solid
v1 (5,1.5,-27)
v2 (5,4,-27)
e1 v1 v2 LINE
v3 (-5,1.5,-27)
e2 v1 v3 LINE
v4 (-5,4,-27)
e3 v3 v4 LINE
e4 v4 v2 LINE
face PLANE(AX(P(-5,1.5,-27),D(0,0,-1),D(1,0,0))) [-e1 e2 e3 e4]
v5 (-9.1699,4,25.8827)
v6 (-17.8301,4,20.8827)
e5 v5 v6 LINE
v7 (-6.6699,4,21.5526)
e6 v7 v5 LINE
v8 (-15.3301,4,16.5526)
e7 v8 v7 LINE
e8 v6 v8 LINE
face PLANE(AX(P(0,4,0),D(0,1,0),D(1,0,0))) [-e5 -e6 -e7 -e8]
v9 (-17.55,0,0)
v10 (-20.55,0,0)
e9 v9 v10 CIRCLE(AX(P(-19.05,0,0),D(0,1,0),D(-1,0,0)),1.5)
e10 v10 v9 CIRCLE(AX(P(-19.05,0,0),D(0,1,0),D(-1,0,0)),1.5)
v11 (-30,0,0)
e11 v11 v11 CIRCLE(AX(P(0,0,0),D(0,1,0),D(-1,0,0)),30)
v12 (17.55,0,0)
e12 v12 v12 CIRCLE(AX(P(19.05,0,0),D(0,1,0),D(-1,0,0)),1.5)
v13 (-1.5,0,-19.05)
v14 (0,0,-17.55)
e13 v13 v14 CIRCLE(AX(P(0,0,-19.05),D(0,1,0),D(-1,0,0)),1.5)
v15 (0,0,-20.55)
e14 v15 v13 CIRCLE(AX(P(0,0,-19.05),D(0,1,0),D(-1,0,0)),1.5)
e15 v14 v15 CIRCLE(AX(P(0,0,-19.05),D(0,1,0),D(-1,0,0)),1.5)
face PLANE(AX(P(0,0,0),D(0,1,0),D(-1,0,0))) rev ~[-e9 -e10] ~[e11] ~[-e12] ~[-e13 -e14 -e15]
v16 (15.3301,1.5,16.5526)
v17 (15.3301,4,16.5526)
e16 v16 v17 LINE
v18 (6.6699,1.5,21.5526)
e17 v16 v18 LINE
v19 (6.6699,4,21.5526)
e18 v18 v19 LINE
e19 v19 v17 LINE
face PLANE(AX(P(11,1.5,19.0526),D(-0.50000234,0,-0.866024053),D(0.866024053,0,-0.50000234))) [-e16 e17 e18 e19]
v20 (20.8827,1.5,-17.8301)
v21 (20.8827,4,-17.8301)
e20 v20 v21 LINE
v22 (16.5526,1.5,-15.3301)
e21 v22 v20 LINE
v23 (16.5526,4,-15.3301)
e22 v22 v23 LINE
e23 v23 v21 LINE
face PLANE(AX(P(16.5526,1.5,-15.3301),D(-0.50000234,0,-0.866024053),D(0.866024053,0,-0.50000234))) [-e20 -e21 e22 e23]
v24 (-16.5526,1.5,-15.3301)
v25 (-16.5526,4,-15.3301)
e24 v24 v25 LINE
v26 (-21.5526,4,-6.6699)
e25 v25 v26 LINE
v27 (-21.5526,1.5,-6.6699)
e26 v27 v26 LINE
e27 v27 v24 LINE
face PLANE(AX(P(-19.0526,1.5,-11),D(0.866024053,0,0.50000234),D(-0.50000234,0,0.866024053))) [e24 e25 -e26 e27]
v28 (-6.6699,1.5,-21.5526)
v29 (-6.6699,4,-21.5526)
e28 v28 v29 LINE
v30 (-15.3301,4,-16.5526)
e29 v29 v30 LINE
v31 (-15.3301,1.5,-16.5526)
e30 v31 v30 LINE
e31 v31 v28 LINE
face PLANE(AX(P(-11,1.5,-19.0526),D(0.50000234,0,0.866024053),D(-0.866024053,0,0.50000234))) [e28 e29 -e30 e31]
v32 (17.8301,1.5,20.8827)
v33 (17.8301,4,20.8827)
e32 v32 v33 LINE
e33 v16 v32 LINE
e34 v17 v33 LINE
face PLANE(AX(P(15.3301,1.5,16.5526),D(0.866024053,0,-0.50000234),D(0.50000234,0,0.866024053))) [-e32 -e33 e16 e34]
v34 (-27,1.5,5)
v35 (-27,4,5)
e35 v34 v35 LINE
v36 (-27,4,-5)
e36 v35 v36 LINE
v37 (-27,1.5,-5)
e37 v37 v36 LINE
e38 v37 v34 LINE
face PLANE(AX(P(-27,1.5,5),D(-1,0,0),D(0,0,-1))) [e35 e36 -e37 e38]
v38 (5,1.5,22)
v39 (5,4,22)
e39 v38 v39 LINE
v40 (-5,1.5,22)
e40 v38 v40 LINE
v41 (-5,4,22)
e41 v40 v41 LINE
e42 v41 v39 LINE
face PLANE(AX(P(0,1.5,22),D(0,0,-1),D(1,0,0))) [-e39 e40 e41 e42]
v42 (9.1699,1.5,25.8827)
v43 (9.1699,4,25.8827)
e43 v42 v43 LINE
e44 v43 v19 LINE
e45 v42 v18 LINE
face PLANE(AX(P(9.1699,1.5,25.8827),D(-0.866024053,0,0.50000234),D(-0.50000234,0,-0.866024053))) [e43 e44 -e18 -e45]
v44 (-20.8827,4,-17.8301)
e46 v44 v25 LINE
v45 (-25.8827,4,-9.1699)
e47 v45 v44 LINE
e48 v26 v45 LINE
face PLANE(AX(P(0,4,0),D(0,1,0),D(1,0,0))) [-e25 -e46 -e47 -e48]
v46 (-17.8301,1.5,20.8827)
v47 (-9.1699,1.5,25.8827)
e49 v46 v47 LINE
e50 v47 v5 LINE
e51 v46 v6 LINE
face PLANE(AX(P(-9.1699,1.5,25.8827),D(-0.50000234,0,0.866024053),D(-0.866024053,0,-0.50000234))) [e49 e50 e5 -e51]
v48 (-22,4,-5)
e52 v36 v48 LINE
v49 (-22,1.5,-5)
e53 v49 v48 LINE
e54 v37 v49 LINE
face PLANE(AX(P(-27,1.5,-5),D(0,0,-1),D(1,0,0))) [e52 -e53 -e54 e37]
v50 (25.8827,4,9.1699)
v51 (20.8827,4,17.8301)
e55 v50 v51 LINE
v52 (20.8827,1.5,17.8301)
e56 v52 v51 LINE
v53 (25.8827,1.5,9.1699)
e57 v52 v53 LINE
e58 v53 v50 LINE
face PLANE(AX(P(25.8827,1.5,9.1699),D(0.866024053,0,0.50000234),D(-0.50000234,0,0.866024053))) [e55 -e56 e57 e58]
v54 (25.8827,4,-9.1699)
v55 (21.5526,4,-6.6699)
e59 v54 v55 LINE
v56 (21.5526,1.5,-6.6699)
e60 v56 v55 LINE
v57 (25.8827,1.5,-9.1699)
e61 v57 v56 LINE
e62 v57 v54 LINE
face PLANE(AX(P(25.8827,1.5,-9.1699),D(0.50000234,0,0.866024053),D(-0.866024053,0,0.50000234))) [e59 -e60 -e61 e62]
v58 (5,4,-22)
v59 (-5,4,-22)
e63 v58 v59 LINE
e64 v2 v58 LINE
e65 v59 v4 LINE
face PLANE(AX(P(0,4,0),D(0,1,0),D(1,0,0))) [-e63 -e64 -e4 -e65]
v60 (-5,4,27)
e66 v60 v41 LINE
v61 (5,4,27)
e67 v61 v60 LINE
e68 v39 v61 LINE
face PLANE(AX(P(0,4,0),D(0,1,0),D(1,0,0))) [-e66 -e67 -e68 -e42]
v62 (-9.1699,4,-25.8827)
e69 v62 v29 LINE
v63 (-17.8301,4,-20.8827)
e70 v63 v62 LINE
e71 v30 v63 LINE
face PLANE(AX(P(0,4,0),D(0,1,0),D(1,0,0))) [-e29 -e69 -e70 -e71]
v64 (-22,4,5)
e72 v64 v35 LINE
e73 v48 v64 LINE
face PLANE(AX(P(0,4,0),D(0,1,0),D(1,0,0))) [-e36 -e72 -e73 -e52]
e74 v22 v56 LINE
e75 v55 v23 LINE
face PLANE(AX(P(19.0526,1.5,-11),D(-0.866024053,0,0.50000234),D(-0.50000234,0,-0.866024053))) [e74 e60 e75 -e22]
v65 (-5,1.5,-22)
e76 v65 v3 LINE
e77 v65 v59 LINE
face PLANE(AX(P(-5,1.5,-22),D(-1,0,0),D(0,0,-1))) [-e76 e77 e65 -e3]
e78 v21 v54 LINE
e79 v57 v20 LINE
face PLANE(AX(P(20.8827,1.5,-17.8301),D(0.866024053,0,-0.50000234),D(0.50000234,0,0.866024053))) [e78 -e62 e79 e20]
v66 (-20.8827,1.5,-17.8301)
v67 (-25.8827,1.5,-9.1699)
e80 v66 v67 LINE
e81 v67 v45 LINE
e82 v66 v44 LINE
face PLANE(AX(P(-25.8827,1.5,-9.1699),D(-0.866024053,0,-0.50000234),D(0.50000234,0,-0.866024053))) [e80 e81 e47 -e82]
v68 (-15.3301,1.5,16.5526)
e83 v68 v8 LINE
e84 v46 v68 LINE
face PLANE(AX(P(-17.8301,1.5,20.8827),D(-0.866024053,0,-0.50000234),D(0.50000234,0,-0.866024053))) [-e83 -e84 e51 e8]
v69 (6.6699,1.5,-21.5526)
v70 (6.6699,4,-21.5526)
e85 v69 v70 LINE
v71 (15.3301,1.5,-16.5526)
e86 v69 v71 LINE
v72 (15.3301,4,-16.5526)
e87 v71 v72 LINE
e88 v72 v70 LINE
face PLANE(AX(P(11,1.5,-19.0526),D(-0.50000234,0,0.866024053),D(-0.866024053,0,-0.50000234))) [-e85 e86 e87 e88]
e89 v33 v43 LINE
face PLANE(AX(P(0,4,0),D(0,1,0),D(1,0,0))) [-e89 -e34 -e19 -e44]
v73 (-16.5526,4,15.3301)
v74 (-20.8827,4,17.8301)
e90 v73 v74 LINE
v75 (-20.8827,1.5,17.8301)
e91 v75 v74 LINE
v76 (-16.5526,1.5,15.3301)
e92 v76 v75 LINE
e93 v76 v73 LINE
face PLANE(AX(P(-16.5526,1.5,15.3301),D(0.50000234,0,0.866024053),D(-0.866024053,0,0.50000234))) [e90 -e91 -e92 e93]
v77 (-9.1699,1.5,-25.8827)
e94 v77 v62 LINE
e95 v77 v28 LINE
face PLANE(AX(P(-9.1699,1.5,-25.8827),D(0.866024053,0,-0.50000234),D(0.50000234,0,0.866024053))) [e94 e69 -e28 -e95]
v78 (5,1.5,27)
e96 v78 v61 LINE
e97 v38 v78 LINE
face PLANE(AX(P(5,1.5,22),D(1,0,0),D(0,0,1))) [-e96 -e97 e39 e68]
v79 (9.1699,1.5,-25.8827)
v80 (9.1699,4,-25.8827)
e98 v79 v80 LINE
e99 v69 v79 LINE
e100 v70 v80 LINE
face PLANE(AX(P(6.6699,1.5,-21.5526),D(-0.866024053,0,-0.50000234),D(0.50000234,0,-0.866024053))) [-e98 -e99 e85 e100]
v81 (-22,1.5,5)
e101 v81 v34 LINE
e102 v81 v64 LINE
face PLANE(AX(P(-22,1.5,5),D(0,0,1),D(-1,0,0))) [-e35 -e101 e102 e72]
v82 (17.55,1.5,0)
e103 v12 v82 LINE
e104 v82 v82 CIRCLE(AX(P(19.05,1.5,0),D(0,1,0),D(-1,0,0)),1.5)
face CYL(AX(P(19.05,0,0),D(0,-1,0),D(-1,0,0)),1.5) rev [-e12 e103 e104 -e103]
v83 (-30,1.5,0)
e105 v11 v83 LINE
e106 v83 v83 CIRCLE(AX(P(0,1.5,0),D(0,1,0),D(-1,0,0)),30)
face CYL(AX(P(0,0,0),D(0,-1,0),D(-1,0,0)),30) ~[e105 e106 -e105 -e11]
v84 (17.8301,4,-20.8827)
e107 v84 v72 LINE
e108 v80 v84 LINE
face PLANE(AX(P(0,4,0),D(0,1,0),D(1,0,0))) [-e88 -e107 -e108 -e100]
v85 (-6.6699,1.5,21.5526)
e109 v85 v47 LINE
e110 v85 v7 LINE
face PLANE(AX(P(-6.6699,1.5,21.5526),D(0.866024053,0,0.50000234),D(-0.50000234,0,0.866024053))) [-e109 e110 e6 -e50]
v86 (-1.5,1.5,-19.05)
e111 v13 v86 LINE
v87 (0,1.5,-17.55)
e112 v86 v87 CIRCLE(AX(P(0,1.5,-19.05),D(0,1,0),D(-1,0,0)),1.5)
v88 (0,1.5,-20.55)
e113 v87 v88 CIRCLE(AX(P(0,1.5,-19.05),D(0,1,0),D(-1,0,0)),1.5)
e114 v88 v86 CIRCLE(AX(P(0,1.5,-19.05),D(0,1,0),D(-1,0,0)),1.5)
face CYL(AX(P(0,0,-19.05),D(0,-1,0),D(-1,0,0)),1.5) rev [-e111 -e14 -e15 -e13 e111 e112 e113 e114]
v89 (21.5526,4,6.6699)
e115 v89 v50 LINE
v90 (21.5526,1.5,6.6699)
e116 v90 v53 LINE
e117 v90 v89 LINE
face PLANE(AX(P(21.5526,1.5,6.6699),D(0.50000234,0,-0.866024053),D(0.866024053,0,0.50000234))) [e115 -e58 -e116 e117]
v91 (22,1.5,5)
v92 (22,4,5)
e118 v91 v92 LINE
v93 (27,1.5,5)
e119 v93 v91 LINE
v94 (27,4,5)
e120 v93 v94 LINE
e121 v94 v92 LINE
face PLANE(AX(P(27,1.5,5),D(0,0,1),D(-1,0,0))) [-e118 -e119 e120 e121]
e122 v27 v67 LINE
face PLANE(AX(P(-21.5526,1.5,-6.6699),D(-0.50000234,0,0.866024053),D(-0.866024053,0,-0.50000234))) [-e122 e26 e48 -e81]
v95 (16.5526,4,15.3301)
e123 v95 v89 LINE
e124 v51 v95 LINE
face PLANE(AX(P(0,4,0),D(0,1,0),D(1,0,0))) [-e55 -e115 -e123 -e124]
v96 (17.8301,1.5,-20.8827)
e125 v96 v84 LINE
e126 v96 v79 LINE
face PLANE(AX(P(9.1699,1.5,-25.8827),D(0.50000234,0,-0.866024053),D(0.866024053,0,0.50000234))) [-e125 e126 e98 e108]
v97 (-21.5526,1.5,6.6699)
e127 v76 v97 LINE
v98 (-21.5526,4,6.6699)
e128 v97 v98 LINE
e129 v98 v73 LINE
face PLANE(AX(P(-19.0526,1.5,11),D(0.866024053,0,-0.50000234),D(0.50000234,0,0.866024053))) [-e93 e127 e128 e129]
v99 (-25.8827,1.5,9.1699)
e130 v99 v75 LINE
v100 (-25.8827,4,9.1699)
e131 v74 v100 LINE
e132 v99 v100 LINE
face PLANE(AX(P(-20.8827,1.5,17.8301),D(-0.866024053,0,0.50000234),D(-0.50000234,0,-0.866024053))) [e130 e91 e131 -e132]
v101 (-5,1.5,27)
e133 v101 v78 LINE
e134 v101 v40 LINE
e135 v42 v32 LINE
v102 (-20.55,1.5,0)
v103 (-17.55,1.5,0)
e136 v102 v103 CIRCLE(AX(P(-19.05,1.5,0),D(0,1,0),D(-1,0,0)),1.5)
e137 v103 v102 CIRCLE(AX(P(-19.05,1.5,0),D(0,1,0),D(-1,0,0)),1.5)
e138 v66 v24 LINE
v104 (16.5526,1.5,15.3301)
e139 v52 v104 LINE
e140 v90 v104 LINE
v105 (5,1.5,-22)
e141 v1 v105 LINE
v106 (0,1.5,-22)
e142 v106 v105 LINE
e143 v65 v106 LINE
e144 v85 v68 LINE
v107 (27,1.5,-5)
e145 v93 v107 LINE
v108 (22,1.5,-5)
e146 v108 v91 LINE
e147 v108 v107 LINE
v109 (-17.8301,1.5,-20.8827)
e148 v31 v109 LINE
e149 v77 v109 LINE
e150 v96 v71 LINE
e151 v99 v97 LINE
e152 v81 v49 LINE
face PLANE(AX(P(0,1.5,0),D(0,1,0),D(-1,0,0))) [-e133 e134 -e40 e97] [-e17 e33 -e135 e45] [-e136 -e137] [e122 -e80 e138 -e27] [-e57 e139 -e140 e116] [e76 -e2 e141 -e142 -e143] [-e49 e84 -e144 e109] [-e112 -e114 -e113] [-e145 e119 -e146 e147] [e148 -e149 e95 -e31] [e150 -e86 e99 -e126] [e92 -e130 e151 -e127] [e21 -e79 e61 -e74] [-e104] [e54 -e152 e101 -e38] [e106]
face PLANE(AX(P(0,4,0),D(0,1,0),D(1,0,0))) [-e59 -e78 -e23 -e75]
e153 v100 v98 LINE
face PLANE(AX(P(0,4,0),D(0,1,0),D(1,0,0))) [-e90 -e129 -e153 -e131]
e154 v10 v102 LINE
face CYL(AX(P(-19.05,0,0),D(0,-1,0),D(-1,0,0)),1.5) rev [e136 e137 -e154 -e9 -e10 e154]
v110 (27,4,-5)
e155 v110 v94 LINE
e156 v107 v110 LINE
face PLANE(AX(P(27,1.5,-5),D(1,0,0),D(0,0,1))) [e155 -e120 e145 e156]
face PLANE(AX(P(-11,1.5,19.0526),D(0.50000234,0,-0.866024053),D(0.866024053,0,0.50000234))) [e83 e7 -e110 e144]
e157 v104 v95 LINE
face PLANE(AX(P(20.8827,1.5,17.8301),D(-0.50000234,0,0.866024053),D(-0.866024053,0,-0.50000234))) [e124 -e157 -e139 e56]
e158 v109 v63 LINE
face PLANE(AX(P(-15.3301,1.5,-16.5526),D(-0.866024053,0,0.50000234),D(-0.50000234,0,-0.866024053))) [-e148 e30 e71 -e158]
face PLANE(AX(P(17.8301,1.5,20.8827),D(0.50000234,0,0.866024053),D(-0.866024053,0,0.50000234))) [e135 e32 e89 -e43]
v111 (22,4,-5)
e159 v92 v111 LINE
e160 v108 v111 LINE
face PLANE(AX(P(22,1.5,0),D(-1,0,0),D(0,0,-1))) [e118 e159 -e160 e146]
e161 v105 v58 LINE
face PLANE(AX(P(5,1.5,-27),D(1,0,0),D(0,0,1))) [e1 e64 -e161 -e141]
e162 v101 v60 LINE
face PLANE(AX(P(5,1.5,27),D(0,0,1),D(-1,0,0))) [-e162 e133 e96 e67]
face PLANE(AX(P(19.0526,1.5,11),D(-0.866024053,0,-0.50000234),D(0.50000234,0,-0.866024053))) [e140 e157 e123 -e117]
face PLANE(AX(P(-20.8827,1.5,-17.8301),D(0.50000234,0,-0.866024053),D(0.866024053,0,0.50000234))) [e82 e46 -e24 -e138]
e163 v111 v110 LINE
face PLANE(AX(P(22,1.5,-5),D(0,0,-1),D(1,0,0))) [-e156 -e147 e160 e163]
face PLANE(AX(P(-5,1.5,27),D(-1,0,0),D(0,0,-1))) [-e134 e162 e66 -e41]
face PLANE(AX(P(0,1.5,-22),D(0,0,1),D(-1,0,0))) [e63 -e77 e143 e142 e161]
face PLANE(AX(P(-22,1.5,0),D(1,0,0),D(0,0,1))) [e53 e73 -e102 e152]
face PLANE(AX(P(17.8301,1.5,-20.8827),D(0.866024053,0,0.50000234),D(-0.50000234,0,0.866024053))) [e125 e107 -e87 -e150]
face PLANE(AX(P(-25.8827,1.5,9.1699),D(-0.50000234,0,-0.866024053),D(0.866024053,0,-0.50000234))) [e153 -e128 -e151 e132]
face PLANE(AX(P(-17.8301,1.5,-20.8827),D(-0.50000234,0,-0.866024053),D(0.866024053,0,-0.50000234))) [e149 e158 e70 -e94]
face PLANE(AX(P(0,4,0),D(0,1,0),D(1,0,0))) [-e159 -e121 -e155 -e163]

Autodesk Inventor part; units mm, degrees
ref_plane "YZ Plane" through (0, 0, 0) normal (1, 0, 0) x (0, 1, 0)
ref_plane "XZ Plane" through (0, 0, 0) normal (0, 1, 0) x (-1, 0, 0)
ref_plane "XY Plane" through (0, 0, 0) normal (0, 0, 1) x (1, 0, 0)
sketch "Sketch1" plane through (0, 0, 0) normal (0, 1, 0) x (-1, 0, 0)
  line L0 (0, 0) -> (19.05, 0)
  line L1 (0, 0) -> (-19.05, 0)
  line L2 (0, 0) -> (0, -19.05)
  circle A0 centre (-19.05, 0) radius 1.5
  circle A1 centre (19.05, 0) radius 1.5
  circle A2 centre (0, -19.05) radius 1.5
  line L3 (0, -20.55) -> (0, -22.55)
  line L4 (0, -22.55) -> (5, -22.55)
  line L5 (5, -22.55) -> (5, -27.55)
  line L6 (5, -27.55) -> (-5, -27.55)
  line L7 (-5, -27.55) -> (-5, -22.55)
  line L8 (-5, -22.55) -> (0, -22.55)
  circle A3 centre (0, 0) radius 30
  dimension "d6" = 3
  dimension "d0" = 19.05
  dimension "d1" = 19.05
  dimension "d2" = 19.05
  dimension "d4" = 3
  dimension "d5" = 3
  dimension "d7" = 2
  dimension "d8" = 5
  dimension "d9" = 5
  dimension "d10" = 10
  dimension "d11" = 60
extrude "Extrusion1" add sketch "Sketch1" along normal blind 1.5 contours L4 L5 L6 L7 L8 | A3
sketch "Sketch2" plane through (0, 1.5, 0) normal (0, 1, 0) x (1, 0, 0)
  line L0 (0, 0) -> (0, 22)
  line L1 (0, 22) -> (-5, 22)
  line L2 (-5, 22) -> (-5, 27)
  line L3 (-5, 27) -> (0, 27)
  line L4 (0, 27) -> (5, 27)
  line L5 (5, 27) -> (5, 22)
  line L6 (5, 22) -> (0, 22)
  line L7 (-11, 19.0526) -> (-15.3301, 16.5526)
  line L8 (-15.3301, 16.5526) -> (-17.8301, 20.8827)
  line L9 (-17.8301, 20.8827) -> (-13.5, 23.3827)
  line L10 (-13.5, 23.3827) -> (-9.1699, 25.8827)
  line L11 (-9.1699, 25.8827) -> (-6.6699, 21.5526)
  line L12 (-6.6699, 21.5526) -> (-11, 19.0526)
  line L13 (-19.0526, 11) -> (-21.5526, 6.6699)
  line L14 (-21.5526, 6.6699) -> (-25.8827, 9.1699)
  line L15 (-25.8827, 9.1699) -> (-23.3827, 13.5)
  line L16 (-23.3827, 13.5) -> (-20.8827, 17.8301)
  line L17 (-20.8827, 17.8301) -> (-16.5526, 15.3301)
  line L18 (-16.5526, 15.3301) -> (-19.0526, 11)
  line L19 (-22, 0) -> (-22, -5)
  line L20 (-22, -5) -> (-27, -5)
  line L21 (-27, -5) -> (-27, 0)
  line L22 (-27, 0) -> (-27, 5)
  line L23 (-27, 5) -> (-22, 5)
  line L24 (-22, 5) -> (-22, 0)
  line L25 (-19.0526, -11) -> (-16.5526, -15.3301)
  line L26 (-16.5526, -15.3301) -> (-20.8827, -17.8301)
  line L27 (-20.8827, -17.8301) -> (-23.3827, -13.5)
  line L28 (-23.3827, -13.5) -> (-25.8827, -9.1699)
  line L29 (-25.8827, -9.1699) -> (-21.5526, -6.6699)
  line L30 (-21.5526, -6.6699) -> (-19.0526, -11)
  line L31 (-11, -19.0526) -> (-6.6699, -21.5526)
  line L32 (-6.6699, -21.5526) -> (-9.1699, -25.8827)
  line L33 (-9.1699, -25.8827) -> (-13.5, -23.3827)
  line L34 (-13.5, -23.3827) -> (-17.8301, -20.8827)
  line L35 (-17.8301, -20.8827) -> (-15.3301, -16.5526)
  line L36 (-15.3301, -16.5526) -> (-11, -19.0526)
  line L37 (0, -22) -> (5, -22)
  line L38 (5, -22) -> (5, -27)
  line L39 (5, -27) -> (0, -27)
  line L40 (0, -27) -> (-5, -27)
  line L41 (-5, -27) -> (-5, -22)
  line L42 (-5, -22) -> (0, -22)
  line L43 (11, -19.0526) -> (15.3301, -16.5526)
  line L44 (15.3301, -16.5526) -> (17.8301, -20.8827)
  line L45 (17.8301, -20.8827) -> (13.5, -23.3827)
  line L46 (13.5, -23.3827) -> (9.1699, -25.8827)
  line L47 (9.1699, -25.8827) -> (6.6699, -21.5526)
  line L48 (6.6699, -21.5526) -> (11, -19.0526)
  line L49 (19.0526, -11) -> (21.5526, -6.6699)
  line L50 (21.5526, -6.6699) -> (25.8827, -9.1699)
  line L51 (25.8827, -9.1699) -> (23.3827, -13.5)
  line L52 (23.3827, -13.5) -> (20.8827, -17.8301)
  line L53 (20.8827, -17.8301) -> (16.5526, -15.3301)
  line L54 (16.5526, -15.3301) -> (19.0526, -11)
  line L55 (22, 0) -> (22, 5)
  line L56 (22, 5) -> (27, 5)
  line L57 (27, 5) -> (27, 0)
  line L58 (27, 0) -> (27, -5)
  line L59 (27, -5) -> (22, -5)
  line L60 (22, -5) -> (22, 0)
  line L61 (19.0526, 11) -> (16.5526, 15.3301)
  line L62 (16.5526, 15.3301) -> (20.8827, 17.8301)
  line L63 (20.8827, 17.8301) -> (23.3827, 13.5)
  line L64 (23.3827, 13.5) -> (25.8827, 9.1699)
  line L65 (25.8827, 9.1699) -> (21.5526, 6.6699)
  line L66 (21.5526, 6.6699) -> (19.0526, 11)
  line L67 (11, 19.0526) -> (6.6699, 21.5526)
  line L68 (6.6699, 21.5526) -> (9.1699, 25.8827)
  line L69 (9.1699, 25.8827) -> (13.5, 23.3827)
  line L70 (13.5, 23.3827) -> (17.8301, 20.8827)
  line L71 (17.8301, 20.8827) -> (15.3301, 16.5526)
  line L72 (15.3301, 16.5526) -> (11, 19.0526)
  dimension "d14" = 22
  dimension "d15" = 5
  dimension "d16" = 5
  dimension "d17" = 5
  dimension "d18" = 5
  dimension "d21" = 360
extrude "Extrusion2" add sketch "Sketch2" along normal blind 2.5
properties part number "TSSP Receiver"
